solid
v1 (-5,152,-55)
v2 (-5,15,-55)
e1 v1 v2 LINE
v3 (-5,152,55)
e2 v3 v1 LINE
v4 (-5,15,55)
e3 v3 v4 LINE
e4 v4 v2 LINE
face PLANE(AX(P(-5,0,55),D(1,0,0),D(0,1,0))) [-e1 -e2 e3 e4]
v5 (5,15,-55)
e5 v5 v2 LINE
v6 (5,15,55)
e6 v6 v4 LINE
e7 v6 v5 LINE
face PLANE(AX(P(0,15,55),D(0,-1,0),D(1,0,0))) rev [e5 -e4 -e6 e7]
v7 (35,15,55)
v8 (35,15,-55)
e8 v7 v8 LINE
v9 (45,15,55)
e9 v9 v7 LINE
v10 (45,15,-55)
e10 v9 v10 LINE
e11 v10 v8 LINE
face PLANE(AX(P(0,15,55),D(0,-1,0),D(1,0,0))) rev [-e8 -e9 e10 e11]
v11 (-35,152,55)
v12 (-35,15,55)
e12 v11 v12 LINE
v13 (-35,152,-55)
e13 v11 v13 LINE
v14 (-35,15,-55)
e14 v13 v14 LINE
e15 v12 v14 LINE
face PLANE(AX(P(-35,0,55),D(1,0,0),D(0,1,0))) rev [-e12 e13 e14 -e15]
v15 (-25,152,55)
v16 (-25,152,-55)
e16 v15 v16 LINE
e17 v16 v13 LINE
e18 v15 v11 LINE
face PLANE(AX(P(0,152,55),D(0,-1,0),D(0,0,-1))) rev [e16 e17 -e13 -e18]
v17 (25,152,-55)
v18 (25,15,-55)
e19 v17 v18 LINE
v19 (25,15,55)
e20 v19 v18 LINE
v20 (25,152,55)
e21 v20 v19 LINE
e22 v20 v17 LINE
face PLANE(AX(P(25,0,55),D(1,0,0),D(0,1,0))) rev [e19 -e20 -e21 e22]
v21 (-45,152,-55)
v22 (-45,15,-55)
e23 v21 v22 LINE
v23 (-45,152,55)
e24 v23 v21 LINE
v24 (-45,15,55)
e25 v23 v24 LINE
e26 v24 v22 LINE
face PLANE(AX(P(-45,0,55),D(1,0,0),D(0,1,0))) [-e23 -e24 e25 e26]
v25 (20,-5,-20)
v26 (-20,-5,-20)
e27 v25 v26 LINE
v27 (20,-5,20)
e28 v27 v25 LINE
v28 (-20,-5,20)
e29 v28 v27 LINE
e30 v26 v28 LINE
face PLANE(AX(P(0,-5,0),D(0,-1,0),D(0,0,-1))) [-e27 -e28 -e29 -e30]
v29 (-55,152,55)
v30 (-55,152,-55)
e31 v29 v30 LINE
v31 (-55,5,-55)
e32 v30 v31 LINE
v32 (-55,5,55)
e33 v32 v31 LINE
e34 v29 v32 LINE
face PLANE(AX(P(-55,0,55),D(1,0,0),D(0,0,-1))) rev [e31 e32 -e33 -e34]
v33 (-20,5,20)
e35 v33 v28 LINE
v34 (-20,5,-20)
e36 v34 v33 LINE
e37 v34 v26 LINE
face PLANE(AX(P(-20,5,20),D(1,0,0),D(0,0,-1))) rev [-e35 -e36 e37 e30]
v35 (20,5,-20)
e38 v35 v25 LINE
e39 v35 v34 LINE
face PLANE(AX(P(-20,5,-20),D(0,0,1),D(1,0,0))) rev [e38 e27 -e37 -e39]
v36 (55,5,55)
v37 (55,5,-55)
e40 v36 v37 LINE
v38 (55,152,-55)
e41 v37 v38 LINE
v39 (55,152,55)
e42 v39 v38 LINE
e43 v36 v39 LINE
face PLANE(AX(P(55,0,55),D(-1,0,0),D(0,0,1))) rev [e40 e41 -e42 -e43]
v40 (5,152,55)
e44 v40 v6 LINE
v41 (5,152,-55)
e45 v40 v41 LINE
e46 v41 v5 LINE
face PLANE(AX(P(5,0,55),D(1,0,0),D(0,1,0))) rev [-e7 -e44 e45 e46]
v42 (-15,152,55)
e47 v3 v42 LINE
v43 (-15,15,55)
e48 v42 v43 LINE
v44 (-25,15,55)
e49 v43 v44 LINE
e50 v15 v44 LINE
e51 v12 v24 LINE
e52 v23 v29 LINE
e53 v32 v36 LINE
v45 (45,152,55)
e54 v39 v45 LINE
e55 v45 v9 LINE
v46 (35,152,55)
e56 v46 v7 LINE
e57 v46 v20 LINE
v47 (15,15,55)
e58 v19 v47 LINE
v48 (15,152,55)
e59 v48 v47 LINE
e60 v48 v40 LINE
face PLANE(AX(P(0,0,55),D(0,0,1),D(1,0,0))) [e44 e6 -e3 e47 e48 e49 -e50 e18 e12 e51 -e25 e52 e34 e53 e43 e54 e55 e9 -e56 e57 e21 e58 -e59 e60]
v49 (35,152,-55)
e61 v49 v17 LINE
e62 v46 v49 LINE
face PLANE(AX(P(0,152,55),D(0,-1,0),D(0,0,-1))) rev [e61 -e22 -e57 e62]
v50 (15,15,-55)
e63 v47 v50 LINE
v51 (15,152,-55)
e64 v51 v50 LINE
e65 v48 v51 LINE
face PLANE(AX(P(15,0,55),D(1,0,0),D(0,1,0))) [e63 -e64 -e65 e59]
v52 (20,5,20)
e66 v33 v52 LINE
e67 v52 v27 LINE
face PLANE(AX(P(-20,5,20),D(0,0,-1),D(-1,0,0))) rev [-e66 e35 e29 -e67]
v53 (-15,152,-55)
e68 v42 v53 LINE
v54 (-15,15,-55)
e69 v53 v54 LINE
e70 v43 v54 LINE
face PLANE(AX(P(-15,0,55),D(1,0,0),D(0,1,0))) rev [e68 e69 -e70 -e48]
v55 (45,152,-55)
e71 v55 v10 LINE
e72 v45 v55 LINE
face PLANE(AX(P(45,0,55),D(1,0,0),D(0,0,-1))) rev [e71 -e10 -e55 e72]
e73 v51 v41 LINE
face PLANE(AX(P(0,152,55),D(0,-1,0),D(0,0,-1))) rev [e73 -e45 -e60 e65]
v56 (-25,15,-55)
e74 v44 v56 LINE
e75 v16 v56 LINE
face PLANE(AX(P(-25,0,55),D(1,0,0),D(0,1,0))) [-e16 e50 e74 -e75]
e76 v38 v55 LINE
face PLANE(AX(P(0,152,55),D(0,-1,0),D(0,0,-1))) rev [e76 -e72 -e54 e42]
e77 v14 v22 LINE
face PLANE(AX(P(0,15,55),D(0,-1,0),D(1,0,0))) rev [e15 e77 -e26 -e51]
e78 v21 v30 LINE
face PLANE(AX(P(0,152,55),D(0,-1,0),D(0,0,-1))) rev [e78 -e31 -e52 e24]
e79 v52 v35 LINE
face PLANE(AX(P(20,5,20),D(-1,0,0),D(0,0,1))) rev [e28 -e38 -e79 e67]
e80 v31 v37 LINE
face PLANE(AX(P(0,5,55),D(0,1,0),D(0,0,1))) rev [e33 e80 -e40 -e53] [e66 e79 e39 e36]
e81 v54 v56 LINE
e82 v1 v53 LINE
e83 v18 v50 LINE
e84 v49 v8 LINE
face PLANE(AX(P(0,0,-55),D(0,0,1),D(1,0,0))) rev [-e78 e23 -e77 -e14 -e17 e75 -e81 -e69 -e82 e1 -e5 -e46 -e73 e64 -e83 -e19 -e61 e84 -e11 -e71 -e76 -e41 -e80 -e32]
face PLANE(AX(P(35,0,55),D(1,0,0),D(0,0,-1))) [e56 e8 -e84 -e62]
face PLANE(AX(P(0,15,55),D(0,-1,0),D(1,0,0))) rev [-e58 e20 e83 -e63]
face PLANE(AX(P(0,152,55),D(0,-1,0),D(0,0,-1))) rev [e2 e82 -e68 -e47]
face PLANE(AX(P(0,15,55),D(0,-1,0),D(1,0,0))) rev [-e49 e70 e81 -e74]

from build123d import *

# Parameters (mm, degrees)
SKETCH3_W           = 40
SKETCH3_H           = 40
BOSS_EXTRUDE2_DEPTH = 5
BOSS_EXTRUDE3_DEPTH = 55


with BuildPart() as part:
    # Sketch3 → Boss-Extrude2 (new body, symmetric)
    with BuildSketch(Plane(origin=(0, 0, 0), x_dir=(1, 0, 0), z_dir=(0, 1, 0))):
        Rectangle(SKETCH3_W, SKETCH3_H)
    extrude(amount=BOSS_EXTRUDE2_DEPTH, both=True)

    # Sketch9 → Boss-Extrude3 (add, symmetric)
    with BuildSketch(Plane.XY):
        Polygon((-55, 5), (55, 5), (55, 152), (45, 152), (45, 15), (35, 15), (35, 152), (25, 152), (25, 15), (15, 15), (15, 152), (5, 152), (5, 15), (-5, 15), (-5, 152), (-15, 152), (-15, 15), (-25, 15), (-25, 152), (-35, 152), (-35, 15), (-45, 15), (-45, 152), (-55, 152), align=None)
    extrude(amount=BOSS_EXTRUDE3_DEPTH, both=True)


solid = part.part
